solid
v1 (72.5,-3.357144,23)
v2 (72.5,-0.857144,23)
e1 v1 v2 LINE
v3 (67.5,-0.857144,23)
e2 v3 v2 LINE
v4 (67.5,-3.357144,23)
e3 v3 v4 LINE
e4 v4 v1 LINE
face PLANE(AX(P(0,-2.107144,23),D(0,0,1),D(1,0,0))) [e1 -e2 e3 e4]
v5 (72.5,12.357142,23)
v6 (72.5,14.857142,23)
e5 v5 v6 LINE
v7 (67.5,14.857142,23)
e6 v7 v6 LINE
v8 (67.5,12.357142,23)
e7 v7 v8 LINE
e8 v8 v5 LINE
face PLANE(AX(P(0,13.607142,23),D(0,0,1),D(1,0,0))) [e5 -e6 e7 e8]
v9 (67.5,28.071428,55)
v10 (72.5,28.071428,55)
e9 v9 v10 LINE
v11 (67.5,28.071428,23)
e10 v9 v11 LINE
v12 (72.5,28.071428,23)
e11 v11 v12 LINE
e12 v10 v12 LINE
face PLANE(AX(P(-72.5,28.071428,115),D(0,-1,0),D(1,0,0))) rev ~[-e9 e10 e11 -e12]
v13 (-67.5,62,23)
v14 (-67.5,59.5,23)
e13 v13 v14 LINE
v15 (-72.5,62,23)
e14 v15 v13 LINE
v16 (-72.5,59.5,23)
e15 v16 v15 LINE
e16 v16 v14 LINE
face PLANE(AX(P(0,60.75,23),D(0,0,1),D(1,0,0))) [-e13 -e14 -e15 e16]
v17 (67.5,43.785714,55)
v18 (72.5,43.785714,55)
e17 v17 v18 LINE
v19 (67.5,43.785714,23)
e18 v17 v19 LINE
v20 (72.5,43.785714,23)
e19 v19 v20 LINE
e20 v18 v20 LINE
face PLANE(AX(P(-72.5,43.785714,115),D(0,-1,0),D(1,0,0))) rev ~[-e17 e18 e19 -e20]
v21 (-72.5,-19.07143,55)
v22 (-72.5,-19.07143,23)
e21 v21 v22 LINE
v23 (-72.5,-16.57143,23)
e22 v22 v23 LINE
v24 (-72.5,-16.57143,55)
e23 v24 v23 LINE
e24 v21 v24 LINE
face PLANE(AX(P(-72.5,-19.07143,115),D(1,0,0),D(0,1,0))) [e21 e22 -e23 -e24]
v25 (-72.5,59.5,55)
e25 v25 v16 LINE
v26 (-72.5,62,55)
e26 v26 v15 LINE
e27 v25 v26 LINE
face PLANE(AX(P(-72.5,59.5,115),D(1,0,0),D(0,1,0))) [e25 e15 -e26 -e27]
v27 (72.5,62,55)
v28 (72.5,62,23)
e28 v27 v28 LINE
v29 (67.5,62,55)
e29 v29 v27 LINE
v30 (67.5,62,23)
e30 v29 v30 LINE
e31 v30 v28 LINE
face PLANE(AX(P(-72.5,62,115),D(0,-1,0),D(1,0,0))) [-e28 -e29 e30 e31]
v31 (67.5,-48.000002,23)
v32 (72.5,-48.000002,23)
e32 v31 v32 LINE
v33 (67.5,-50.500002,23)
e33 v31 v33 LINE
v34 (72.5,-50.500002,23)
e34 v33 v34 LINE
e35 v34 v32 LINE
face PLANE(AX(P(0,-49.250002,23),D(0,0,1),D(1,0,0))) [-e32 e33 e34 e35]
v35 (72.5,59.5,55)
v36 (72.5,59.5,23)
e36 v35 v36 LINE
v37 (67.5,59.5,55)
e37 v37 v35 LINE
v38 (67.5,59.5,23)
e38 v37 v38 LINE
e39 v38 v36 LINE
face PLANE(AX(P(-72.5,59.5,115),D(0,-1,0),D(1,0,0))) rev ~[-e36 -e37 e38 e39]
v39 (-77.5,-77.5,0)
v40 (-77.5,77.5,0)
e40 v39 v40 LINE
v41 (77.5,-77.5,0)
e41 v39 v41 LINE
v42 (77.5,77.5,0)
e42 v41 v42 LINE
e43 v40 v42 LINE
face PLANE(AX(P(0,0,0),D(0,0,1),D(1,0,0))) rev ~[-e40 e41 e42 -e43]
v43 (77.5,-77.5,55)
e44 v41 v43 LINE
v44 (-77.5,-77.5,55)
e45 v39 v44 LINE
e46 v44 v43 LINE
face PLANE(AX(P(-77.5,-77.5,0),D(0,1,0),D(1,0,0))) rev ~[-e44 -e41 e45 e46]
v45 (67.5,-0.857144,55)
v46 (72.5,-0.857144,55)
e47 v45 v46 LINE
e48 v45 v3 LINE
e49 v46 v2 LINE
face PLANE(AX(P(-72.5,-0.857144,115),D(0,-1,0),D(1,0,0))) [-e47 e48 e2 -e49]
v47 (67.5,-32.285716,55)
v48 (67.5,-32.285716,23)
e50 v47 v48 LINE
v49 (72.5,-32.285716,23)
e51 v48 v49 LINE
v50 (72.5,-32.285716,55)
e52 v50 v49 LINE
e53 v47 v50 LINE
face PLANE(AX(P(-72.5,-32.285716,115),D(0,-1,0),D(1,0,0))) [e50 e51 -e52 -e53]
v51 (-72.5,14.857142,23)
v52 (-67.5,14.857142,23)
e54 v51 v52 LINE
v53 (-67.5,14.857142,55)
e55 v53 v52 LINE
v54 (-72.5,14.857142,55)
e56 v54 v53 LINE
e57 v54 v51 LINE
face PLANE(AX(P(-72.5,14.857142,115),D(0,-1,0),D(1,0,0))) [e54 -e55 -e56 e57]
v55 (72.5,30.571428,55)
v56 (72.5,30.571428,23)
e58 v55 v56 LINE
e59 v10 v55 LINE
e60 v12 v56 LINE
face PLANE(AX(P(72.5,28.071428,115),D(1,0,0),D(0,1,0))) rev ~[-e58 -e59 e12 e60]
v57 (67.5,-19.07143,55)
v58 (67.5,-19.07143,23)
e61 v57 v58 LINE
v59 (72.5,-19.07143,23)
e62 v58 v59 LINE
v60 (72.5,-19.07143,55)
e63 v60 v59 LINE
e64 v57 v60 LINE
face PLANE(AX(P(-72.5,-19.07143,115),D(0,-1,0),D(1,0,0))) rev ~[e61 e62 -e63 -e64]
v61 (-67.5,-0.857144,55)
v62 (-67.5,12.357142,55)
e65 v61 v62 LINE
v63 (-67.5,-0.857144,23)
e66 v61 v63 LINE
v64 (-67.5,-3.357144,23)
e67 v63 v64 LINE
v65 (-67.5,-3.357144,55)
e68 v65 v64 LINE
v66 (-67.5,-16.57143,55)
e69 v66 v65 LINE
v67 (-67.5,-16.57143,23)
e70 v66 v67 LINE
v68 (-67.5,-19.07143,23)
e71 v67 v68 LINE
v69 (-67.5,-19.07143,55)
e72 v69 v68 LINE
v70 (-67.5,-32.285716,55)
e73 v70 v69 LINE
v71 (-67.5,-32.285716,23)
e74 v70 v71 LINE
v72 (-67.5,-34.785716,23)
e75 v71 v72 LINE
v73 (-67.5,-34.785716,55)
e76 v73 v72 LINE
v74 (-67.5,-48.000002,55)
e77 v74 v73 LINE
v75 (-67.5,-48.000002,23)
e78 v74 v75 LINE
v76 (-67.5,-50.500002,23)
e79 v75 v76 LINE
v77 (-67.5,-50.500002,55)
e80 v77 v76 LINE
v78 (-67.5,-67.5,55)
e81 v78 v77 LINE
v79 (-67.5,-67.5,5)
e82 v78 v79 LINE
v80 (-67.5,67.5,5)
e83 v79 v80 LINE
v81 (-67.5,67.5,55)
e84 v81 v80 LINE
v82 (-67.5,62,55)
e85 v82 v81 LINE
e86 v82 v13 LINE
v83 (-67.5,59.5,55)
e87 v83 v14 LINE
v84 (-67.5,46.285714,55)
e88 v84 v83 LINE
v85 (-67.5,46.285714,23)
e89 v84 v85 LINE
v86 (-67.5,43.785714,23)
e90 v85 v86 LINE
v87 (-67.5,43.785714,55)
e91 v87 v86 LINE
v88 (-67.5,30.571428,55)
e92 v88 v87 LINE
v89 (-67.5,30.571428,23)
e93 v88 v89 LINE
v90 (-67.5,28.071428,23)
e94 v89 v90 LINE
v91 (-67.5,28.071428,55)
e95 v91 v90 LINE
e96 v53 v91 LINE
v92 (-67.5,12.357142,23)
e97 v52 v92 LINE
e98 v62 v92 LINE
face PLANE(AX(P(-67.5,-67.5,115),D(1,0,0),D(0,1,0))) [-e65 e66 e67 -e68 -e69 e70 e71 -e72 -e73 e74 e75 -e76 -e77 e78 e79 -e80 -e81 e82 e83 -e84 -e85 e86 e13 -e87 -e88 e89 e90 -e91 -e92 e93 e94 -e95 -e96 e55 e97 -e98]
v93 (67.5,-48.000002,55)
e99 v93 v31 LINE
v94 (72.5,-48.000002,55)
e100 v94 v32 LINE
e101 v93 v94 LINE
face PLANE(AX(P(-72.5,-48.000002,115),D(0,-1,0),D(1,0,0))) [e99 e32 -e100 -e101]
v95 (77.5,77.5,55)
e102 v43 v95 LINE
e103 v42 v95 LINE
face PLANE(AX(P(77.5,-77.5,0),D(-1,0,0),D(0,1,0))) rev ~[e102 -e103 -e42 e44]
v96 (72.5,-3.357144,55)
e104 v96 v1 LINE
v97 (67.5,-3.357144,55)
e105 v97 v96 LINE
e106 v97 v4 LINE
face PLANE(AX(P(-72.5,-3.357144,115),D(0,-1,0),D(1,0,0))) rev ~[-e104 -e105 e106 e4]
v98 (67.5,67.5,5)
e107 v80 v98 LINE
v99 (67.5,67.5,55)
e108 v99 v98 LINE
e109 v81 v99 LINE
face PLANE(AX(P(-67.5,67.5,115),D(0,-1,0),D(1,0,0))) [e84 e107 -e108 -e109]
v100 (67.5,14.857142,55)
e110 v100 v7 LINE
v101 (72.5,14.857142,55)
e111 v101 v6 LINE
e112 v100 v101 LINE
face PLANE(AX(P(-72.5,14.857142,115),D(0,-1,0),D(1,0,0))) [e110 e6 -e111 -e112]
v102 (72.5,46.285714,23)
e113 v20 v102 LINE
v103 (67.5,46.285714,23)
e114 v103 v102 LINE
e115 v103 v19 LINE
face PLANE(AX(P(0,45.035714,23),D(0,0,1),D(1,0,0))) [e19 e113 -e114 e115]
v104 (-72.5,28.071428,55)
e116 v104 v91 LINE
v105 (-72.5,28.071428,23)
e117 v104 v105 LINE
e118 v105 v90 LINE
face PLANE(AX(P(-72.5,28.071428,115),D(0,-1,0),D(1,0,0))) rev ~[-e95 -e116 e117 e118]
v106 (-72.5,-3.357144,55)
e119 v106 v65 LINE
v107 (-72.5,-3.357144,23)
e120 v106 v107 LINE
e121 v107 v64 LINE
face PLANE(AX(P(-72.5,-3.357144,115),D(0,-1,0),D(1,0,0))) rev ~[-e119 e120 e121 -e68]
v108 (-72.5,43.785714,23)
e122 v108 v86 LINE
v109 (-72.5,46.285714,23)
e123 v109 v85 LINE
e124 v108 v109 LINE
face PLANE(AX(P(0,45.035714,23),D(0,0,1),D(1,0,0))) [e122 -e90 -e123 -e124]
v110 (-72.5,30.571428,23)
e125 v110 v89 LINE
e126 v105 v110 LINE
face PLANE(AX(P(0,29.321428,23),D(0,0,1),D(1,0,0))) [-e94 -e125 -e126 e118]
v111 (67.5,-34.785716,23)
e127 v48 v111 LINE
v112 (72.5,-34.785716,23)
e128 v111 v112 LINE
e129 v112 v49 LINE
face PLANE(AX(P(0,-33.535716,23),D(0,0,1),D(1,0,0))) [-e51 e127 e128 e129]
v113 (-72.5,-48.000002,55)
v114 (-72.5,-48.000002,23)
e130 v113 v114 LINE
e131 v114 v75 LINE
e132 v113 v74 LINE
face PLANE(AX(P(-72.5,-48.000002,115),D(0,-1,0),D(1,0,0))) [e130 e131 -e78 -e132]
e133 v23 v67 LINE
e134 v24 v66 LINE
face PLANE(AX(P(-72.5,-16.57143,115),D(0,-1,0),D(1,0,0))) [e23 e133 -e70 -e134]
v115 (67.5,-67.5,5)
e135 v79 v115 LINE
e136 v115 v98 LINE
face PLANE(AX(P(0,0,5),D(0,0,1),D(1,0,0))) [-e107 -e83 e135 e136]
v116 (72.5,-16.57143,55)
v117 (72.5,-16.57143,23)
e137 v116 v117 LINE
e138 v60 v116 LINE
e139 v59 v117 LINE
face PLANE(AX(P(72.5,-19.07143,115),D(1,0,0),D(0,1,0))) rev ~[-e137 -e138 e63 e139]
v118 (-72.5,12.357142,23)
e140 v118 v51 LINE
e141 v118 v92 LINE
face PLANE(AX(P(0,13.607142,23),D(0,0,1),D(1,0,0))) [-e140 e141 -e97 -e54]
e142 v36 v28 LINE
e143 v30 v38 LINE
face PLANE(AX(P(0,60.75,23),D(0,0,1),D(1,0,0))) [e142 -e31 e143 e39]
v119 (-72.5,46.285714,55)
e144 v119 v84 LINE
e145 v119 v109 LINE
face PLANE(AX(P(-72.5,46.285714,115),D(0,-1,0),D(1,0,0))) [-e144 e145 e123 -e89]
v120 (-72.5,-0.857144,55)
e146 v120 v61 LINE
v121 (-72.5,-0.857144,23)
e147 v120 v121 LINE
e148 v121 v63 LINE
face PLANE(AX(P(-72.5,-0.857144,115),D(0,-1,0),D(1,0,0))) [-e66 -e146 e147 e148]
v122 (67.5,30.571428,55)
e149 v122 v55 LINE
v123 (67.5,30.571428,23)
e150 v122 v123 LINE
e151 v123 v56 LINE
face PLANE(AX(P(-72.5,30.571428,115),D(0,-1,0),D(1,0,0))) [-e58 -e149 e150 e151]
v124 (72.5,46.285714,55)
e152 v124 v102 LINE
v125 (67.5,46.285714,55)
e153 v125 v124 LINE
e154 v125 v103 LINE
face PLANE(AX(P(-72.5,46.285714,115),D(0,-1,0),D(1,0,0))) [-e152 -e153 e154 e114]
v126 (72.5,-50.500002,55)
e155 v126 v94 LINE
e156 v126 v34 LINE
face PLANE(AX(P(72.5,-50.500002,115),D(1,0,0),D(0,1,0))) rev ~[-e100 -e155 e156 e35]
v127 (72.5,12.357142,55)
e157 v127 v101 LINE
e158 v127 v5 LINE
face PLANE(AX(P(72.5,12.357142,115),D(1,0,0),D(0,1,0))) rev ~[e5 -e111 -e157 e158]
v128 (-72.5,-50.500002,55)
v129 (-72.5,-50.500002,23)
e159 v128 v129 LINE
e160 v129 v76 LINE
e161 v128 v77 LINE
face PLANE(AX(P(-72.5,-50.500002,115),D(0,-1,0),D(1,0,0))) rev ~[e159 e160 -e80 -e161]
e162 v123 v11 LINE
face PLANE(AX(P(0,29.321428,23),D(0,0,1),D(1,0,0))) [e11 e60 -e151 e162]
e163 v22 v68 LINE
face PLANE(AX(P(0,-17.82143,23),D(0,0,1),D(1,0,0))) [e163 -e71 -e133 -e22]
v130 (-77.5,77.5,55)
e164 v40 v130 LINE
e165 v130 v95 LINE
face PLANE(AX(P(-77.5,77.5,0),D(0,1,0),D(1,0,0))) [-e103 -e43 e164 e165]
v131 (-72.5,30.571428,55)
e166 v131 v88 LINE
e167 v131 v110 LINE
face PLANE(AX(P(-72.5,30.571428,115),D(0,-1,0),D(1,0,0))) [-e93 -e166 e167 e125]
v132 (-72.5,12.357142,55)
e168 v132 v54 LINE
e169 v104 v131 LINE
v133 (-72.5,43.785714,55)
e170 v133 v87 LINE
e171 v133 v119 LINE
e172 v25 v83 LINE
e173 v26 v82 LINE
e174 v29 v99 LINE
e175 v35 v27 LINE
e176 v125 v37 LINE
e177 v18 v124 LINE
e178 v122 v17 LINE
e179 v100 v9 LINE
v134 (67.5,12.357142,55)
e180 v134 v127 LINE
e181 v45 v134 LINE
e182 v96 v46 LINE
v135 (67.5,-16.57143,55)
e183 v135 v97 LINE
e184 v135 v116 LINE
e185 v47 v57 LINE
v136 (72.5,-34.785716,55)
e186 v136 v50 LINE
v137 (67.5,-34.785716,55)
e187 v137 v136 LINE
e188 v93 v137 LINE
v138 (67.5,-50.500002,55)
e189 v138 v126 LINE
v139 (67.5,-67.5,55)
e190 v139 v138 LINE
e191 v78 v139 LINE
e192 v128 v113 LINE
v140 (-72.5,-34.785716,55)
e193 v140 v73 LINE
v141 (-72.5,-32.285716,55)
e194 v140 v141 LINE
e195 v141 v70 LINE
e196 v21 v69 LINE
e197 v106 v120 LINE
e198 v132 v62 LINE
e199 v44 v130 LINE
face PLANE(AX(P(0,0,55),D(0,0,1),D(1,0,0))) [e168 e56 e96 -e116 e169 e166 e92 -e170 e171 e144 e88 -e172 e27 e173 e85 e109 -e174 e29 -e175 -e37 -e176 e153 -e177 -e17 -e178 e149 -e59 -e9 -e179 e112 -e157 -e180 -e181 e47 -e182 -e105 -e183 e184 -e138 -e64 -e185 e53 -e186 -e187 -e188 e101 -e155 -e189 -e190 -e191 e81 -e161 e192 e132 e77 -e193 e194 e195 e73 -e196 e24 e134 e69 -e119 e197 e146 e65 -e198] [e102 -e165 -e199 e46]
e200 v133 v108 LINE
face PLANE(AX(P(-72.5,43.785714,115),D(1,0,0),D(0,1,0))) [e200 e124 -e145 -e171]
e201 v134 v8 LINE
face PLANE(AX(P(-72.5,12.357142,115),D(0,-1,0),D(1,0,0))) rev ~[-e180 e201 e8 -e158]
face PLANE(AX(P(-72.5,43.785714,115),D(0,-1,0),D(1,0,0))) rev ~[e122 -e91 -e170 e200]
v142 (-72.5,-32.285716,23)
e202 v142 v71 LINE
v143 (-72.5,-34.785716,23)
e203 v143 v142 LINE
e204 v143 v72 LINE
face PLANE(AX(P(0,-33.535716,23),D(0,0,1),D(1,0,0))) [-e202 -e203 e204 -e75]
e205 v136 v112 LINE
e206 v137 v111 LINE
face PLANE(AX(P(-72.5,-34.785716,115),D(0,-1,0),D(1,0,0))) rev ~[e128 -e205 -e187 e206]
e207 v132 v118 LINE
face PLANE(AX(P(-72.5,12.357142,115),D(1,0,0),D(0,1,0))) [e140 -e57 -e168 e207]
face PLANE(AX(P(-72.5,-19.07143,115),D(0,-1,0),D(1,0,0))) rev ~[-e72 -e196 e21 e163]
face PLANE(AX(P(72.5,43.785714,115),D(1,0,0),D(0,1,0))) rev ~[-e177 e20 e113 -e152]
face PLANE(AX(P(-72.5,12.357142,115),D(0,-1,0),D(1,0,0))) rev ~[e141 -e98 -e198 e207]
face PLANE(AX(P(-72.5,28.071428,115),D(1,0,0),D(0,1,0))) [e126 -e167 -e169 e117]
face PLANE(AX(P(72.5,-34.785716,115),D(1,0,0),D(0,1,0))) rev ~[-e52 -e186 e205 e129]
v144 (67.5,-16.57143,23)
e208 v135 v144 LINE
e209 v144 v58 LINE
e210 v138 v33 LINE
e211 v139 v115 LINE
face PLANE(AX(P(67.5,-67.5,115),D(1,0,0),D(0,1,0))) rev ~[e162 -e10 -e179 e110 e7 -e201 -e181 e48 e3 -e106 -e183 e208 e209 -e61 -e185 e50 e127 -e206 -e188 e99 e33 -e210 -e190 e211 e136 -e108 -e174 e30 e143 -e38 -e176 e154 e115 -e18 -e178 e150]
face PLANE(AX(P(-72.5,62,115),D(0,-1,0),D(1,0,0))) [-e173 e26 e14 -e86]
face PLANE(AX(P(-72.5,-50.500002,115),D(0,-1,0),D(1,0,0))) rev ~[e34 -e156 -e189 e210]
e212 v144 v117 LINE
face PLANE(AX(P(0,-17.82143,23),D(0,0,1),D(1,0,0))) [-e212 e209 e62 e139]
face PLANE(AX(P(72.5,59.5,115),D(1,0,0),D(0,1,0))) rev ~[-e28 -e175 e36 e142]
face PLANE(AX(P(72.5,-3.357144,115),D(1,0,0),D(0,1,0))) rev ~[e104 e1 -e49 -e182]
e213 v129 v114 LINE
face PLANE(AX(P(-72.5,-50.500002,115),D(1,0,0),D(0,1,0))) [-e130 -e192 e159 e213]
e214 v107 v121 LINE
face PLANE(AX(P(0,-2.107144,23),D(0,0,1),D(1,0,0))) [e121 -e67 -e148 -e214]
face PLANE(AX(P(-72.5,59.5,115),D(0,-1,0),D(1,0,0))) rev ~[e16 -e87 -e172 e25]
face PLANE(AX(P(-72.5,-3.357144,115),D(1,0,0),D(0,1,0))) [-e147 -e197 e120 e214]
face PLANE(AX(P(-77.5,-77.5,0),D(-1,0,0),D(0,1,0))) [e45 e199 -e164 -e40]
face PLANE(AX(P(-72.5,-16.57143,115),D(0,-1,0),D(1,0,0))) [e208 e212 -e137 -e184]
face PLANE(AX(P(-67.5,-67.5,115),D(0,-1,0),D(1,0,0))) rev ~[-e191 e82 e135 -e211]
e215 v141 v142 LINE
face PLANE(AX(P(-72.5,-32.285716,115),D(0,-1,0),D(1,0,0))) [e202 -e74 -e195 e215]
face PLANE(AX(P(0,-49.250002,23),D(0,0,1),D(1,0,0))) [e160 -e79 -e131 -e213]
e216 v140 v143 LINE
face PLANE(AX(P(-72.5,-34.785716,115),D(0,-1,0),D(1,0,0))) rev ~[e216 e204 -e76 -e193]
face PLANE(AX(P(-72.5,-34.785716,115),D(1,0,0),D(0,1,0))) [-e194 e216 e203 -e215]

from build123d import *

# Parameters (mm, degrees)
SKETCH_W            = 155
SKETCH_H            = 155
PAD_DEPTH           = 55
SKETCH001_W         = 135
SKETCH001_H         = 135
POCKET_DEPTH        = 110
SKETCH002_W         = 145
SKETCH002_H         = 2.5
POCKET001_DEPTH     = 92
LINEARPATTERN_COUNT = 8
LINEARPATTERN_PITCH = 15.714286


with BuildPart() as part:
    # Sketch → Pad (new body)
    with BuildSketch(Plane.XY):
        Rectangle(SKETCH_W, SKETCH_H)
    extrude(amount=PAD_DEPTH)

    # Sketch001 → Pocket (cut)
    with BuildSketch(Plane.XY.offset(115)):
        Rectangle(SKETCH001_W, SKETCH001_H)
    extrude(amount=-POCKET_DEPTH, mode=Mode.SUBTRACT)

    # Sketch002 → Pocket001 (cut)
    with BuildSketch(Plane.XY.offset(115)):
        with Locations((0, 60.75)):
            Rectangle(SKETCH002_W, SKETCH002_H)
    pocket001 = extrude(amount=-POCKET001_DEPTH, mode=Mode.SUBTRACT)

    # LinearPattern: Pocket001 ×8
    with Locations(*[(0, -i * LINEARPATTERN_PITCH, 0) for i in range(1, LINEARPATTERN_COUNT)]):
        add(pocket001, mode=Mode.SUBTRACT)


solid = part.part
